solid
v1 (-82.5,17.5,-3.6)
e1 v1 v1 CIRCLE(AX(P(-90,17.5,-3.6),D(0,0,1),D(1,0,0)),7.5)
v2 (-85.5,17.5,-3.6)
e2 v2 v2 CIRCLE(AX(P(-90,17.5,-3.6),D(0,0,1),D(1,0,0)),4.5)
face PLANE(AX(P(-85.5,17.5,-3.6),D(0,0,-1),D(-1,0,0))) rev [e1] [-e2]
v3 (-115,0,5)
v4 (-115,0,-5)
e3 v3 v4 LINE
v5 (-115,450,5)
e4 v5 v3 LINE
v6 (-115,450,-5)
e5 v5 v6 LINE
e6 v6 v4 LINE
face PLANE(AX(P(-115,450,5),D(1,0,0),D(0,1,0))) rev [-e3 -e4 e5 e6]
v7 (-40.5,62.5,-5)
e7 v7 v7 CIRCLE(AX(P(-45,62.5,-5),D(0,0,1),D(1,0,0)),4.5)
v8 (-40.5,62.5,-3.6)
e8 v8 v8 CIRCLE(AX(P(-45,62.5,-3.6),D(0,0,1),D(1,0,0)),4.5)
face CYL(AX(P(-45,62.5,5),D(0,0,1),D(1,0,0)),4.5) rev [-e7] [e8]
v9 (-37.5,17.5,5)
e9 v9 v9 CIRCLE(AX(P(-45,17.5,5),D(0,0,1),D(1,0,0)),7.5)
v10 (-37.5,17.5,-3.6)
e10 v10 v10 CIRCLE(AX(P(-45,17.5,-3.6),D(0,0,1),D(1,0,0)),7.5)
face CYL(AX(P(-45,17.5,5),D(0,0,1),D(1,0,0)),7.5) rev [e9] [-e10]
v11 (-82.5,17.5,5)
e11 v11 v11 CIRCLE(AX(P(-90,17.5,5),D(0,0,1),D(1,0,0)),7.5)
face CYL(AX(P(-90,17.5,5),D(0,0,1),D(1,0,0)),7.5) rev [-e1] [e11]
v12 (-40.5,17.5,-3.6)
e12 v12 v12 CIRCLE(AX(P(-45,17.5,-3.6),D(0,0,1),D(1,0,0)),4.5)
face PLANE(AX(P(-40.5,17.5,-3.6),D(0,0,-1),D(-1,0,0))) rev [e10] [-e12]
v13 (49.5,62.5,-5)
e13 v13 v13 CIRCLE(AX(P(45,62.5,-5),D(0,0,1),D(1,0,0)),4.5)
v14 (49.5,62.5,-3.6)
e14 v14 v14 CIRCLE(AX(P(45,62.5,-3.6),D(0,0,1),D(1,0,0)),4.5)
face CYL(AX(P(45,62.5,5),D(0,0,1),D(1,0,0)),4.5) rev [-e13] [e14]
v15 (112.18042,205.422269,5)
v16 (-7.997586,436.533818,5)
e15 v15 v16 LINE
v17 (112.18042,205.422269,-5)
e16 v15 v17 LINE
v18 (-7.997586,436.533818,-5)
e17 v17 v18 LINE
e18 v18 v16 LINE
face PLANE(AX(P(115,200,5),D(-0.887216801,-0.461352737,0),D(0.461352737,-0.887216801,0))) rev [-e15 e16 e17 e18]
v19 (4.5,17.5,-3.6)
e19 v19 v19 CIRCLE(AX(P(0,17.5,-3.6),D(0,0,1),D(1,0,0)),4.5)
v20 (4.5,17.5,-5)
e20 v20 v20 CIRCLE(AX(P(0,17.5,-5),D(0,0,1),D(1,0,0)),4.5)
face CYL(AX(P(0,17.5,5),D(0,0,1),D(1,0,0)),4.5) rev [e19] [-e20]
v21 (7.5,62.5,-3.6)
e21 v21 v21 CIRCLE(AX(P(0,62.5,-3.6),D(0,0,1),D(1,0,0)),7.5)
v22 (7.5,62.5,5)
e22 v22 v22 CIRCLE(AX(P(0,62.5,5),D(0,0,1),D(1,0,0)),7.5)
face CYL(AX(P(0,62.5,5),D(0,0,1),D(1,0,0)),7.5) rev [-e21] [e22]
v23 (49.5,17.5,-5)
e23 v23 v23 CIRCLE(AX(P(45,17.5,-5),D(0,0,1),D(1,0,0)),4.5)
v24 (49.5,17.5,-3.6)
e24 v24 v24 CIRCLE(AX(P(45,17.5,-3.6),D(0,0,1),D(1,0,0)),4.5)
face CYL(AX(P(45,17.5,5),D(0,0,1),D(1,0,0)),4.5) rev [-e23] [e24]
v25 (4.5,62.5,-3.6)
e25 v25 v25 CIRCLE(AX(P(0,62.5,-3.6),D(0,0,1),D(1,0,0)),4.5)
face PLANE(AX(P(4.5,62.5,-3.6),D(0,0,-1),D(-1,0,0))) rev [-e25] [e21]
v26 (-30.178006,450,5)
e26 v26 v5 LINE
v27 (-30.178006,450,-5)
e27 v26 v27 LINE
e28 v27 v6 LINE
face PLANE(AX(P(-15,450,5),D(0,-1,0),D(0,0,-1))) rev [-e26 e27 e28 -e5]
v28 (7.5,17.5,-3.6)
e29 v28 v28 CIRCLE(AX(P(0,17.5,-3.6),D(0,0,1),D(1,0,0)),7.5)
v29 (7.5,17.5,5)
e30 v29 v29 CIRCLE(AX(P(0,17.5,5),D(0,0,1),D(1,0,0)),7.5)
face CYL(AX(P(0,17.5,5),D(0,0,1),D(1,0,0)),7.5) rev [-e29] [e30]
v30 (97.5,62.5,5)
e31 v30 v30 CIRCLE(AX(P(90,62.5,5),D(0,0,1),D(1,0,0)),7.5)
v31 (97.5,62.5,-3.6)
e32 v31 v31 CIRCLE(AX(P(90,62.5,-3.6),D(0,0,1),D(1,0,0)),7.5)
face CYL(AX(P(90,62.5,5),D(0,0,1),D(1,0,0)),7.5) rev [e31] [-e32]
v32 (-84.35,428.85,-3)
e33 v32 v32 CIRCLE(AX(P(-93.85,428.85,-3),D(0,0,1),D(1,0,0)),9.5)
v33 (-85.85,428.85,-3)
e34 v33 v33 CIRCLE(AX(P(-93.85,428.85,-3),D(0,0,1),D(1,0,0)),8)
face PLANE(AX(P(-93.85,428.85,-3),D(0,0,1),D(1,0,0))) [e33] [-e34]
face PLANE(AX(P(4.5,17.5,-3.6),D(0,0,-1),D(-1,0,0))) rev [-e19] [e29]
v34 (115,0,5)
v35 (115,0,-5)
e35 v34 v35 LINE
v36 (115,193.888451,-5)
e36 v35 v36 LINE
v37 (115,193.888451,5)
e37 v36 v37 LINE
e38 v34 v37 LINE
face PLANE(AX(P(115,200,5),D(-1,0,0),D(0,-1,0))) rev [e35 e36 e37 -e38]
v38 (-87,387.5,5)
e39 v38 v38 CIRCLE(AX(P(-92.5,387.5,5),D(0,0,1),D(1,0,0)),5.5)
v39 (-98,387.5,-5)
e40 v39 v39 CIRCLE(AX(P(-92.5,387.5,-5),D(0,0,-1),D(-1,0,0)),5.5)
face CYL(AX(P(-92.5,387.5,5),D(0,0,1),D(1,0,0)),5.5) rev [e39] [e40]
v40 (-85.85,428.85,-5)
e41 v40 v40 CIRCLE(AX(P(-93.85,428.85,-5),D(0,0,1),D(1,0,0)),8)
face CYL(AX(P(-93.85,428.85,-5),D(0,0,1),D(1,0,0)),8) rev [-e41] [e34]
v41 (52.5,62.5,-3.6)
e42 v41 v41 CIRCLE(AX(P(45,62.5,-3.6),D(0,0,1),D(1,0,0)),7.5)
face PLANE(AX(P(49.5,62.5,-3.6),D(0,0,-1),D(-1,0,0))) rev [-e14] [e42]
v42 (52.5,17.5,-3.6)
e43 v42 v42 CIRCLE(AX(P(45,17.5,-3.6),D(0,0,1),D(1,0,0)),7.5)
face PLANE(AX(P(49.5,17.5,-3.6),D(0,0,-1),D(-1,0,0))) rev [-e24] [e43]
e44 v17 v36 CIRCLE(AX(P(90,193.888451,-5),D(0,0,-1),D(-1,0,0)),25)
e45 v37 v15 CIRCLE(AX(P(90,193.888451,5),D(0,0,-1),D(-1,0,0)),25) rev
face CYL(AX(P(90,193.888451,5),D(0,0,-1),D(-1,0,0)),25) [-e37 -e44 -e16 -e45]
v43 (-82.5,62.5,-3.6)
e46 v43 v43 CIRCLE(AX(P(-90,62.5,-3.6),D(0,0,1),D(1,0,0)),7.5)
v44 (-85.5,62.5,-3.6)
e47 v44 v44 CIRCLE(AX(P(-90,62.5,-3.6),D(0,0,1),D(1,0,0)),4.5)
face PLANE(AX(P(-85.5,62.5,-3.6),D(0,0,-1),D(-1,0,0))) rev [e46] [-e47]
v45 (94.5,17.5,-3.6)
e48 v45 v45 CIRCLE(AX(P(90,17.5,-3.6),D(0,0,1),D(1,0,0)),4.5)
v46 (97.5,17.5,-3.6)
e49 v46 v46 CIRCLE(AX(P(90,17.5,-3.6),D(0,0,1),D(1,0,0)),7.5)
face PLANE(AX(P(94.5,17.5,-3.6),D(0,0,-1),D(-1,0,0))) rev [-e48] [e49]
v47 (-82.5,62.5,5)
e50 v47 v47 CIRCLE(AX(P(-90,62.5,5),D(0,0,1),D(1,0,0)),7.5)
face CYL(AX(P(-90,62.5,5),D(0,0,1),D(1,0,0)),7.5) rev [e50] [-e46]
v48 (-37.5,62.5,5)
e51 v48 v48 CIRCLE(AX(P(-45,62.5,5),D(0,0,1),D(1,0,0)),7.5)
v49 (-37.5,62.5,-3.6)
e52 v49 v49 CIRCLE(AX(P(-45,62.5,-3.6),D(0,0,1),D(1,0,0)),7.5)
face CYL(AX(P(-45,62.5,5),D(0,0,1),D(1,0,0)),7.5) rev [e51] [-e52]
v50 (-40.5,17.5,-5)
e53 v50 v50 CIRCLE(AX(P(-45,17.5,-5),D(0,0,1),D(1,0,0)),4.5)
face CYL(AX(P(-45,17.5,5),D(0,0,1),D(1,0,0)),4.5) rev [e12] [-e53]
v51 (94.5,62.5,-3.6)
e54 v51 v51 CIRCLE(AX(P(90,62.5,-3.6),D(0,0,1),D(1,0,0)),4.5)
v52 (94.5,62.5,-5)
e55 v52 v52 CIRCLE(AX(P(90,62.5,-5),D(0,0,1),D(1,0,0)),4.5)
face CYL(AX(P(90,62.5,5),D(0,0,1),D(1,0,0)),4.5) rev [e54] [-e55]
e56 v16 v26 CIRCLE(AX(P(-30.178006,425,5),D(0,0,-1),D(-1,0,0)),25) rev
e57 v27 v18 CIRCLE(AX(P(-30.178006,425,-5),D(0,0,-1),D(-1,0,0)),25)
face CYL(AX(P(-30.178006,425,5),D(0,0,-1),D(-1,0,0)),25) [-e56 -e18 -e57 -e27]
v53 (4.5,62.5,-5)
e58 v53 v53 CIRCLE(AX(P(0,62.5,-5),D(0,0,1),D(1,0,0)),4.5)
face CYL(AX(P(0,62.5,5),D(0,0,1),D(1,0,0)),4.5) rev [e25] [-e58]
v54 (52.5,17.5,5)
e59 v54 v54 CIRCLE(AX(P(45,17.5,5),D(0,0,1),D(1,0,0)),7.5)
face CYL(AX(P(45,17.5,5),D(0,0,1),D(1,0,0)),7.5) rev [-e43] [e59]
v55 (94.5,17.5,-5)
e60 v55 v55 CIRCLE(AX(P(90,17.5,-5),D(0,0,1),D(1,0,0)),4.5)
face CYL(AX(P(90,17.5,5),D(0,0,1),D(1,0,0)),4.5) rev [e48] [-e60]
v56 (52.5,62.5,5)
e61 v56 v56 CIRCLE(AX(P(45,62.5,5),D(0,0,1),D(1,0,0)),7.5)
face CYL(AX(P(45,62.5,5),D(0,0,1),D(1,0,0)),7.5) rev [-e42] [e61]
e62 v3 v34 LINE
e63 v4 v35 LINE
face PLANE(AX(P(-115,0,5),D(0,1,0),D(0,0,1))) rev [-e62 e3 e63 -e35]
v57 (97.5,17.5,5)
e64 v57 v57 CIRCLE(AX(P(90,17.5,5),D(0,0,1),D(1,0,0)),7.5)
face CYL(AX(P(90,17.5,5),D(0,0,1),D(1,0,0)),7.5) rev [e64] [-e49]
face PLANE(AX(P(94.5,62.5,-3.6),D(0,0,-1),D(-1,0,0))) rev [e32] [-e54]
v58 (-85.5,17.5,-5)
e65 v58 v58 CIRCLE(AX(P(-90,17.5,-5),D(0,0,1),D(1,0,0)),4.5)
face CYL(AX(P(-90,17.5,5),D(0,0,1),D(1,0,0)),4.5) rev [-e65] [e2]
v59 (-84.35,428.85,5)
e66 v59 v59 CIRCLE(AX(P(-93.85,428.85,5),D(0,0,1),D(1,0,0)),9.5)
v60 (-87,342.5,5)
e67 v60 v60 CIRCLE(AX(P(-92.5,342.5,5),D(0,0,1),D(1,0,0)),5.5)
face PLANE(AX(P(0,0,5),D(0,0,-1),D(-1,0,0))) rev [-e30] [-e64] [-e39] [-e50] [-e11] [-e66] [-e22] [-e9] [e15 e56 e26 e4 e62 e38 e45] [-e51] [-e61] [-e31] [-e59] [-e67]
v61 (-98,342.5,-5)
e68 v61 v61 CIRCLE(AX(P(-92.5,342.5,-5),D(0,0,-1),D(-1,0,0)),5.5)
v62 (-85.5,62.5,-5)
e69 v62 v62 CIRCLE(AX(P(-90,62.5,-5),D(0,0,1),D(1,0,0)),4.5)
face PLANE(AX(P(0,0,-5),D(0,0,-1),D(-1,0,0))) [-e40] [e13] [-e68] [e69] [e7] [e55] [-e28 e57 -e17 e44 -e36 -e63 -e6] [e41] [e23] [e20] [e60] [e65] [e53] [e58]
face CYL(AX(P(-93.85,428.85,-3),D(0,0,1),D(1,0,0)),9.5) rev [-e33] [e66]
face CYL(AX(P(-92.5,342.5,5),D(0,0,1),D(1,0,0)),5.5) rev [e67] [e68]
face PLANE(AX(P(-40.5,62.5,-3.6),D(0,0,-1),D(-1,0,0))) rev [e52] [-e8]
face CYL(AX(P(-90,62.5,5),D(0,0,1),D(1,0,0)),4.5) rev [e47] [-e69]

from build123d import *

# Parameters (mm, degrees)
BOSS_EXTRUDE1_DEPTH                                 = 5
CBORE_FOR_M8_HEX_SOCKET_HEAD_CAP_SCREW1_D           = 9
CBORE_FOR_M8_HEX_SOCKET_HEAD_CAP_SCREW1_CBORE_D     = 15
CBORE_FOR_M8_HEX_SOCKET_HEAD_CAP_SCREW1_CBORE_DEPTH = 8.6
SKETCH5_R                                           = 9.5
CUT_EXTRUDE2_DEPTH                                  = 8
SKETCH6_R                                           = 8
CUT_EXTRUDE3_DEPTH                                  = 465.530946224
FILLET1_R                                           = 25
M10_CLEARANCE_HOLE1_D                               = 11
M10_CLEARANCE_HOLE1_DEPTH                           = 25
M10_CLEARANCE_HOLE1_TIP                             = 3.304733405


with BuildPart() as part:
    # Sketch1 → Boss-Extrude1 (new, symmetric)
    with BuildSketch(Plane.XY):
        Polygon((-115, 450), (-115, 0), (115, 0), (115, 200), (-15, 450), align=None)
    extrude(amount=BOSS_EXTRUDE1_DEPTH, both=True)

    # CBORE for M8 Hex Socket Head Cap Screw1 (through all)
    with Locations(Plane.XY.offset(5)):
        with Locations((-90, 17.5), (-45, 17.5), (45, 17.5), (90, 17.5), (0, 17.5), (-90, 62.5), (-45, 62.5), (45, 62.5), (90, 62.5), (0, 62.5)):
            CounterBoreHole(CBORE_FOR_M8_HEX_SOCKET_HEAD_CAP_SCREW1_D / 2, CBORE_FOR_M8_HEX_SOCKET_HEAD_CAP_SCREW1_CBORE_D / 2, CBORE_FOR_M8_HEX_SOCKET_HEAD_CAP_SCREW1_CBORE_DEPTH)

    # Sketch5 → Cut-Extrude2 (cut)
    with BuildSketch(Plane.XY.offset(5)):
        with Locations((-93.85, 428.85)):
            Circle(SKETCH5_R)
    extrude(amount=-CUT_EXTRUDE2_DEPTH, mode=Mode.SUBTRACT)

    # Sketch6 → Cut-Extrude3 (cut, through all)
    with BuildSketch(Plane.XY.offset(-3)):
        with Locations((-93.85, 428.85)):
            Circle(SKETCH6_R)
    extrude(amount=-CUT_EXTRUDE3_DEPTH, mode=Mode.SUBTRACT)

    # Fillet1
    fillet1_edges = [part.edges().sort_by_distance(p)[0] for p in [
        (-15, 450, 0),
        (115, 200, 0),
    ]]
    fillet(fillet1_edges, radius=FILLET1_R)

    # M10 Clearance Hole1
    with Locations(Plane.XY.offset(5)):
        with Locations((-92.5, 387.5), (-92.5, 342.5)):
            Hole(M10_CLEARANCE_HOLE1_D / 2, depth=M10_CLEARANCE_HOLE1_DEPTH)
            with Locations((0, 0, -(M10_CLEARANCE_HOLE1_DEPTH + M10_CLEARANCE_HOLE1_TIP / 2))):  # 118° drill point
                Cone(0, M10_CLEARANCE_HOLE1_D / 2, M10_CLEARANCE_HOLE1_TIP, mode=Mode.SUBTRACT)


solid = part.part
